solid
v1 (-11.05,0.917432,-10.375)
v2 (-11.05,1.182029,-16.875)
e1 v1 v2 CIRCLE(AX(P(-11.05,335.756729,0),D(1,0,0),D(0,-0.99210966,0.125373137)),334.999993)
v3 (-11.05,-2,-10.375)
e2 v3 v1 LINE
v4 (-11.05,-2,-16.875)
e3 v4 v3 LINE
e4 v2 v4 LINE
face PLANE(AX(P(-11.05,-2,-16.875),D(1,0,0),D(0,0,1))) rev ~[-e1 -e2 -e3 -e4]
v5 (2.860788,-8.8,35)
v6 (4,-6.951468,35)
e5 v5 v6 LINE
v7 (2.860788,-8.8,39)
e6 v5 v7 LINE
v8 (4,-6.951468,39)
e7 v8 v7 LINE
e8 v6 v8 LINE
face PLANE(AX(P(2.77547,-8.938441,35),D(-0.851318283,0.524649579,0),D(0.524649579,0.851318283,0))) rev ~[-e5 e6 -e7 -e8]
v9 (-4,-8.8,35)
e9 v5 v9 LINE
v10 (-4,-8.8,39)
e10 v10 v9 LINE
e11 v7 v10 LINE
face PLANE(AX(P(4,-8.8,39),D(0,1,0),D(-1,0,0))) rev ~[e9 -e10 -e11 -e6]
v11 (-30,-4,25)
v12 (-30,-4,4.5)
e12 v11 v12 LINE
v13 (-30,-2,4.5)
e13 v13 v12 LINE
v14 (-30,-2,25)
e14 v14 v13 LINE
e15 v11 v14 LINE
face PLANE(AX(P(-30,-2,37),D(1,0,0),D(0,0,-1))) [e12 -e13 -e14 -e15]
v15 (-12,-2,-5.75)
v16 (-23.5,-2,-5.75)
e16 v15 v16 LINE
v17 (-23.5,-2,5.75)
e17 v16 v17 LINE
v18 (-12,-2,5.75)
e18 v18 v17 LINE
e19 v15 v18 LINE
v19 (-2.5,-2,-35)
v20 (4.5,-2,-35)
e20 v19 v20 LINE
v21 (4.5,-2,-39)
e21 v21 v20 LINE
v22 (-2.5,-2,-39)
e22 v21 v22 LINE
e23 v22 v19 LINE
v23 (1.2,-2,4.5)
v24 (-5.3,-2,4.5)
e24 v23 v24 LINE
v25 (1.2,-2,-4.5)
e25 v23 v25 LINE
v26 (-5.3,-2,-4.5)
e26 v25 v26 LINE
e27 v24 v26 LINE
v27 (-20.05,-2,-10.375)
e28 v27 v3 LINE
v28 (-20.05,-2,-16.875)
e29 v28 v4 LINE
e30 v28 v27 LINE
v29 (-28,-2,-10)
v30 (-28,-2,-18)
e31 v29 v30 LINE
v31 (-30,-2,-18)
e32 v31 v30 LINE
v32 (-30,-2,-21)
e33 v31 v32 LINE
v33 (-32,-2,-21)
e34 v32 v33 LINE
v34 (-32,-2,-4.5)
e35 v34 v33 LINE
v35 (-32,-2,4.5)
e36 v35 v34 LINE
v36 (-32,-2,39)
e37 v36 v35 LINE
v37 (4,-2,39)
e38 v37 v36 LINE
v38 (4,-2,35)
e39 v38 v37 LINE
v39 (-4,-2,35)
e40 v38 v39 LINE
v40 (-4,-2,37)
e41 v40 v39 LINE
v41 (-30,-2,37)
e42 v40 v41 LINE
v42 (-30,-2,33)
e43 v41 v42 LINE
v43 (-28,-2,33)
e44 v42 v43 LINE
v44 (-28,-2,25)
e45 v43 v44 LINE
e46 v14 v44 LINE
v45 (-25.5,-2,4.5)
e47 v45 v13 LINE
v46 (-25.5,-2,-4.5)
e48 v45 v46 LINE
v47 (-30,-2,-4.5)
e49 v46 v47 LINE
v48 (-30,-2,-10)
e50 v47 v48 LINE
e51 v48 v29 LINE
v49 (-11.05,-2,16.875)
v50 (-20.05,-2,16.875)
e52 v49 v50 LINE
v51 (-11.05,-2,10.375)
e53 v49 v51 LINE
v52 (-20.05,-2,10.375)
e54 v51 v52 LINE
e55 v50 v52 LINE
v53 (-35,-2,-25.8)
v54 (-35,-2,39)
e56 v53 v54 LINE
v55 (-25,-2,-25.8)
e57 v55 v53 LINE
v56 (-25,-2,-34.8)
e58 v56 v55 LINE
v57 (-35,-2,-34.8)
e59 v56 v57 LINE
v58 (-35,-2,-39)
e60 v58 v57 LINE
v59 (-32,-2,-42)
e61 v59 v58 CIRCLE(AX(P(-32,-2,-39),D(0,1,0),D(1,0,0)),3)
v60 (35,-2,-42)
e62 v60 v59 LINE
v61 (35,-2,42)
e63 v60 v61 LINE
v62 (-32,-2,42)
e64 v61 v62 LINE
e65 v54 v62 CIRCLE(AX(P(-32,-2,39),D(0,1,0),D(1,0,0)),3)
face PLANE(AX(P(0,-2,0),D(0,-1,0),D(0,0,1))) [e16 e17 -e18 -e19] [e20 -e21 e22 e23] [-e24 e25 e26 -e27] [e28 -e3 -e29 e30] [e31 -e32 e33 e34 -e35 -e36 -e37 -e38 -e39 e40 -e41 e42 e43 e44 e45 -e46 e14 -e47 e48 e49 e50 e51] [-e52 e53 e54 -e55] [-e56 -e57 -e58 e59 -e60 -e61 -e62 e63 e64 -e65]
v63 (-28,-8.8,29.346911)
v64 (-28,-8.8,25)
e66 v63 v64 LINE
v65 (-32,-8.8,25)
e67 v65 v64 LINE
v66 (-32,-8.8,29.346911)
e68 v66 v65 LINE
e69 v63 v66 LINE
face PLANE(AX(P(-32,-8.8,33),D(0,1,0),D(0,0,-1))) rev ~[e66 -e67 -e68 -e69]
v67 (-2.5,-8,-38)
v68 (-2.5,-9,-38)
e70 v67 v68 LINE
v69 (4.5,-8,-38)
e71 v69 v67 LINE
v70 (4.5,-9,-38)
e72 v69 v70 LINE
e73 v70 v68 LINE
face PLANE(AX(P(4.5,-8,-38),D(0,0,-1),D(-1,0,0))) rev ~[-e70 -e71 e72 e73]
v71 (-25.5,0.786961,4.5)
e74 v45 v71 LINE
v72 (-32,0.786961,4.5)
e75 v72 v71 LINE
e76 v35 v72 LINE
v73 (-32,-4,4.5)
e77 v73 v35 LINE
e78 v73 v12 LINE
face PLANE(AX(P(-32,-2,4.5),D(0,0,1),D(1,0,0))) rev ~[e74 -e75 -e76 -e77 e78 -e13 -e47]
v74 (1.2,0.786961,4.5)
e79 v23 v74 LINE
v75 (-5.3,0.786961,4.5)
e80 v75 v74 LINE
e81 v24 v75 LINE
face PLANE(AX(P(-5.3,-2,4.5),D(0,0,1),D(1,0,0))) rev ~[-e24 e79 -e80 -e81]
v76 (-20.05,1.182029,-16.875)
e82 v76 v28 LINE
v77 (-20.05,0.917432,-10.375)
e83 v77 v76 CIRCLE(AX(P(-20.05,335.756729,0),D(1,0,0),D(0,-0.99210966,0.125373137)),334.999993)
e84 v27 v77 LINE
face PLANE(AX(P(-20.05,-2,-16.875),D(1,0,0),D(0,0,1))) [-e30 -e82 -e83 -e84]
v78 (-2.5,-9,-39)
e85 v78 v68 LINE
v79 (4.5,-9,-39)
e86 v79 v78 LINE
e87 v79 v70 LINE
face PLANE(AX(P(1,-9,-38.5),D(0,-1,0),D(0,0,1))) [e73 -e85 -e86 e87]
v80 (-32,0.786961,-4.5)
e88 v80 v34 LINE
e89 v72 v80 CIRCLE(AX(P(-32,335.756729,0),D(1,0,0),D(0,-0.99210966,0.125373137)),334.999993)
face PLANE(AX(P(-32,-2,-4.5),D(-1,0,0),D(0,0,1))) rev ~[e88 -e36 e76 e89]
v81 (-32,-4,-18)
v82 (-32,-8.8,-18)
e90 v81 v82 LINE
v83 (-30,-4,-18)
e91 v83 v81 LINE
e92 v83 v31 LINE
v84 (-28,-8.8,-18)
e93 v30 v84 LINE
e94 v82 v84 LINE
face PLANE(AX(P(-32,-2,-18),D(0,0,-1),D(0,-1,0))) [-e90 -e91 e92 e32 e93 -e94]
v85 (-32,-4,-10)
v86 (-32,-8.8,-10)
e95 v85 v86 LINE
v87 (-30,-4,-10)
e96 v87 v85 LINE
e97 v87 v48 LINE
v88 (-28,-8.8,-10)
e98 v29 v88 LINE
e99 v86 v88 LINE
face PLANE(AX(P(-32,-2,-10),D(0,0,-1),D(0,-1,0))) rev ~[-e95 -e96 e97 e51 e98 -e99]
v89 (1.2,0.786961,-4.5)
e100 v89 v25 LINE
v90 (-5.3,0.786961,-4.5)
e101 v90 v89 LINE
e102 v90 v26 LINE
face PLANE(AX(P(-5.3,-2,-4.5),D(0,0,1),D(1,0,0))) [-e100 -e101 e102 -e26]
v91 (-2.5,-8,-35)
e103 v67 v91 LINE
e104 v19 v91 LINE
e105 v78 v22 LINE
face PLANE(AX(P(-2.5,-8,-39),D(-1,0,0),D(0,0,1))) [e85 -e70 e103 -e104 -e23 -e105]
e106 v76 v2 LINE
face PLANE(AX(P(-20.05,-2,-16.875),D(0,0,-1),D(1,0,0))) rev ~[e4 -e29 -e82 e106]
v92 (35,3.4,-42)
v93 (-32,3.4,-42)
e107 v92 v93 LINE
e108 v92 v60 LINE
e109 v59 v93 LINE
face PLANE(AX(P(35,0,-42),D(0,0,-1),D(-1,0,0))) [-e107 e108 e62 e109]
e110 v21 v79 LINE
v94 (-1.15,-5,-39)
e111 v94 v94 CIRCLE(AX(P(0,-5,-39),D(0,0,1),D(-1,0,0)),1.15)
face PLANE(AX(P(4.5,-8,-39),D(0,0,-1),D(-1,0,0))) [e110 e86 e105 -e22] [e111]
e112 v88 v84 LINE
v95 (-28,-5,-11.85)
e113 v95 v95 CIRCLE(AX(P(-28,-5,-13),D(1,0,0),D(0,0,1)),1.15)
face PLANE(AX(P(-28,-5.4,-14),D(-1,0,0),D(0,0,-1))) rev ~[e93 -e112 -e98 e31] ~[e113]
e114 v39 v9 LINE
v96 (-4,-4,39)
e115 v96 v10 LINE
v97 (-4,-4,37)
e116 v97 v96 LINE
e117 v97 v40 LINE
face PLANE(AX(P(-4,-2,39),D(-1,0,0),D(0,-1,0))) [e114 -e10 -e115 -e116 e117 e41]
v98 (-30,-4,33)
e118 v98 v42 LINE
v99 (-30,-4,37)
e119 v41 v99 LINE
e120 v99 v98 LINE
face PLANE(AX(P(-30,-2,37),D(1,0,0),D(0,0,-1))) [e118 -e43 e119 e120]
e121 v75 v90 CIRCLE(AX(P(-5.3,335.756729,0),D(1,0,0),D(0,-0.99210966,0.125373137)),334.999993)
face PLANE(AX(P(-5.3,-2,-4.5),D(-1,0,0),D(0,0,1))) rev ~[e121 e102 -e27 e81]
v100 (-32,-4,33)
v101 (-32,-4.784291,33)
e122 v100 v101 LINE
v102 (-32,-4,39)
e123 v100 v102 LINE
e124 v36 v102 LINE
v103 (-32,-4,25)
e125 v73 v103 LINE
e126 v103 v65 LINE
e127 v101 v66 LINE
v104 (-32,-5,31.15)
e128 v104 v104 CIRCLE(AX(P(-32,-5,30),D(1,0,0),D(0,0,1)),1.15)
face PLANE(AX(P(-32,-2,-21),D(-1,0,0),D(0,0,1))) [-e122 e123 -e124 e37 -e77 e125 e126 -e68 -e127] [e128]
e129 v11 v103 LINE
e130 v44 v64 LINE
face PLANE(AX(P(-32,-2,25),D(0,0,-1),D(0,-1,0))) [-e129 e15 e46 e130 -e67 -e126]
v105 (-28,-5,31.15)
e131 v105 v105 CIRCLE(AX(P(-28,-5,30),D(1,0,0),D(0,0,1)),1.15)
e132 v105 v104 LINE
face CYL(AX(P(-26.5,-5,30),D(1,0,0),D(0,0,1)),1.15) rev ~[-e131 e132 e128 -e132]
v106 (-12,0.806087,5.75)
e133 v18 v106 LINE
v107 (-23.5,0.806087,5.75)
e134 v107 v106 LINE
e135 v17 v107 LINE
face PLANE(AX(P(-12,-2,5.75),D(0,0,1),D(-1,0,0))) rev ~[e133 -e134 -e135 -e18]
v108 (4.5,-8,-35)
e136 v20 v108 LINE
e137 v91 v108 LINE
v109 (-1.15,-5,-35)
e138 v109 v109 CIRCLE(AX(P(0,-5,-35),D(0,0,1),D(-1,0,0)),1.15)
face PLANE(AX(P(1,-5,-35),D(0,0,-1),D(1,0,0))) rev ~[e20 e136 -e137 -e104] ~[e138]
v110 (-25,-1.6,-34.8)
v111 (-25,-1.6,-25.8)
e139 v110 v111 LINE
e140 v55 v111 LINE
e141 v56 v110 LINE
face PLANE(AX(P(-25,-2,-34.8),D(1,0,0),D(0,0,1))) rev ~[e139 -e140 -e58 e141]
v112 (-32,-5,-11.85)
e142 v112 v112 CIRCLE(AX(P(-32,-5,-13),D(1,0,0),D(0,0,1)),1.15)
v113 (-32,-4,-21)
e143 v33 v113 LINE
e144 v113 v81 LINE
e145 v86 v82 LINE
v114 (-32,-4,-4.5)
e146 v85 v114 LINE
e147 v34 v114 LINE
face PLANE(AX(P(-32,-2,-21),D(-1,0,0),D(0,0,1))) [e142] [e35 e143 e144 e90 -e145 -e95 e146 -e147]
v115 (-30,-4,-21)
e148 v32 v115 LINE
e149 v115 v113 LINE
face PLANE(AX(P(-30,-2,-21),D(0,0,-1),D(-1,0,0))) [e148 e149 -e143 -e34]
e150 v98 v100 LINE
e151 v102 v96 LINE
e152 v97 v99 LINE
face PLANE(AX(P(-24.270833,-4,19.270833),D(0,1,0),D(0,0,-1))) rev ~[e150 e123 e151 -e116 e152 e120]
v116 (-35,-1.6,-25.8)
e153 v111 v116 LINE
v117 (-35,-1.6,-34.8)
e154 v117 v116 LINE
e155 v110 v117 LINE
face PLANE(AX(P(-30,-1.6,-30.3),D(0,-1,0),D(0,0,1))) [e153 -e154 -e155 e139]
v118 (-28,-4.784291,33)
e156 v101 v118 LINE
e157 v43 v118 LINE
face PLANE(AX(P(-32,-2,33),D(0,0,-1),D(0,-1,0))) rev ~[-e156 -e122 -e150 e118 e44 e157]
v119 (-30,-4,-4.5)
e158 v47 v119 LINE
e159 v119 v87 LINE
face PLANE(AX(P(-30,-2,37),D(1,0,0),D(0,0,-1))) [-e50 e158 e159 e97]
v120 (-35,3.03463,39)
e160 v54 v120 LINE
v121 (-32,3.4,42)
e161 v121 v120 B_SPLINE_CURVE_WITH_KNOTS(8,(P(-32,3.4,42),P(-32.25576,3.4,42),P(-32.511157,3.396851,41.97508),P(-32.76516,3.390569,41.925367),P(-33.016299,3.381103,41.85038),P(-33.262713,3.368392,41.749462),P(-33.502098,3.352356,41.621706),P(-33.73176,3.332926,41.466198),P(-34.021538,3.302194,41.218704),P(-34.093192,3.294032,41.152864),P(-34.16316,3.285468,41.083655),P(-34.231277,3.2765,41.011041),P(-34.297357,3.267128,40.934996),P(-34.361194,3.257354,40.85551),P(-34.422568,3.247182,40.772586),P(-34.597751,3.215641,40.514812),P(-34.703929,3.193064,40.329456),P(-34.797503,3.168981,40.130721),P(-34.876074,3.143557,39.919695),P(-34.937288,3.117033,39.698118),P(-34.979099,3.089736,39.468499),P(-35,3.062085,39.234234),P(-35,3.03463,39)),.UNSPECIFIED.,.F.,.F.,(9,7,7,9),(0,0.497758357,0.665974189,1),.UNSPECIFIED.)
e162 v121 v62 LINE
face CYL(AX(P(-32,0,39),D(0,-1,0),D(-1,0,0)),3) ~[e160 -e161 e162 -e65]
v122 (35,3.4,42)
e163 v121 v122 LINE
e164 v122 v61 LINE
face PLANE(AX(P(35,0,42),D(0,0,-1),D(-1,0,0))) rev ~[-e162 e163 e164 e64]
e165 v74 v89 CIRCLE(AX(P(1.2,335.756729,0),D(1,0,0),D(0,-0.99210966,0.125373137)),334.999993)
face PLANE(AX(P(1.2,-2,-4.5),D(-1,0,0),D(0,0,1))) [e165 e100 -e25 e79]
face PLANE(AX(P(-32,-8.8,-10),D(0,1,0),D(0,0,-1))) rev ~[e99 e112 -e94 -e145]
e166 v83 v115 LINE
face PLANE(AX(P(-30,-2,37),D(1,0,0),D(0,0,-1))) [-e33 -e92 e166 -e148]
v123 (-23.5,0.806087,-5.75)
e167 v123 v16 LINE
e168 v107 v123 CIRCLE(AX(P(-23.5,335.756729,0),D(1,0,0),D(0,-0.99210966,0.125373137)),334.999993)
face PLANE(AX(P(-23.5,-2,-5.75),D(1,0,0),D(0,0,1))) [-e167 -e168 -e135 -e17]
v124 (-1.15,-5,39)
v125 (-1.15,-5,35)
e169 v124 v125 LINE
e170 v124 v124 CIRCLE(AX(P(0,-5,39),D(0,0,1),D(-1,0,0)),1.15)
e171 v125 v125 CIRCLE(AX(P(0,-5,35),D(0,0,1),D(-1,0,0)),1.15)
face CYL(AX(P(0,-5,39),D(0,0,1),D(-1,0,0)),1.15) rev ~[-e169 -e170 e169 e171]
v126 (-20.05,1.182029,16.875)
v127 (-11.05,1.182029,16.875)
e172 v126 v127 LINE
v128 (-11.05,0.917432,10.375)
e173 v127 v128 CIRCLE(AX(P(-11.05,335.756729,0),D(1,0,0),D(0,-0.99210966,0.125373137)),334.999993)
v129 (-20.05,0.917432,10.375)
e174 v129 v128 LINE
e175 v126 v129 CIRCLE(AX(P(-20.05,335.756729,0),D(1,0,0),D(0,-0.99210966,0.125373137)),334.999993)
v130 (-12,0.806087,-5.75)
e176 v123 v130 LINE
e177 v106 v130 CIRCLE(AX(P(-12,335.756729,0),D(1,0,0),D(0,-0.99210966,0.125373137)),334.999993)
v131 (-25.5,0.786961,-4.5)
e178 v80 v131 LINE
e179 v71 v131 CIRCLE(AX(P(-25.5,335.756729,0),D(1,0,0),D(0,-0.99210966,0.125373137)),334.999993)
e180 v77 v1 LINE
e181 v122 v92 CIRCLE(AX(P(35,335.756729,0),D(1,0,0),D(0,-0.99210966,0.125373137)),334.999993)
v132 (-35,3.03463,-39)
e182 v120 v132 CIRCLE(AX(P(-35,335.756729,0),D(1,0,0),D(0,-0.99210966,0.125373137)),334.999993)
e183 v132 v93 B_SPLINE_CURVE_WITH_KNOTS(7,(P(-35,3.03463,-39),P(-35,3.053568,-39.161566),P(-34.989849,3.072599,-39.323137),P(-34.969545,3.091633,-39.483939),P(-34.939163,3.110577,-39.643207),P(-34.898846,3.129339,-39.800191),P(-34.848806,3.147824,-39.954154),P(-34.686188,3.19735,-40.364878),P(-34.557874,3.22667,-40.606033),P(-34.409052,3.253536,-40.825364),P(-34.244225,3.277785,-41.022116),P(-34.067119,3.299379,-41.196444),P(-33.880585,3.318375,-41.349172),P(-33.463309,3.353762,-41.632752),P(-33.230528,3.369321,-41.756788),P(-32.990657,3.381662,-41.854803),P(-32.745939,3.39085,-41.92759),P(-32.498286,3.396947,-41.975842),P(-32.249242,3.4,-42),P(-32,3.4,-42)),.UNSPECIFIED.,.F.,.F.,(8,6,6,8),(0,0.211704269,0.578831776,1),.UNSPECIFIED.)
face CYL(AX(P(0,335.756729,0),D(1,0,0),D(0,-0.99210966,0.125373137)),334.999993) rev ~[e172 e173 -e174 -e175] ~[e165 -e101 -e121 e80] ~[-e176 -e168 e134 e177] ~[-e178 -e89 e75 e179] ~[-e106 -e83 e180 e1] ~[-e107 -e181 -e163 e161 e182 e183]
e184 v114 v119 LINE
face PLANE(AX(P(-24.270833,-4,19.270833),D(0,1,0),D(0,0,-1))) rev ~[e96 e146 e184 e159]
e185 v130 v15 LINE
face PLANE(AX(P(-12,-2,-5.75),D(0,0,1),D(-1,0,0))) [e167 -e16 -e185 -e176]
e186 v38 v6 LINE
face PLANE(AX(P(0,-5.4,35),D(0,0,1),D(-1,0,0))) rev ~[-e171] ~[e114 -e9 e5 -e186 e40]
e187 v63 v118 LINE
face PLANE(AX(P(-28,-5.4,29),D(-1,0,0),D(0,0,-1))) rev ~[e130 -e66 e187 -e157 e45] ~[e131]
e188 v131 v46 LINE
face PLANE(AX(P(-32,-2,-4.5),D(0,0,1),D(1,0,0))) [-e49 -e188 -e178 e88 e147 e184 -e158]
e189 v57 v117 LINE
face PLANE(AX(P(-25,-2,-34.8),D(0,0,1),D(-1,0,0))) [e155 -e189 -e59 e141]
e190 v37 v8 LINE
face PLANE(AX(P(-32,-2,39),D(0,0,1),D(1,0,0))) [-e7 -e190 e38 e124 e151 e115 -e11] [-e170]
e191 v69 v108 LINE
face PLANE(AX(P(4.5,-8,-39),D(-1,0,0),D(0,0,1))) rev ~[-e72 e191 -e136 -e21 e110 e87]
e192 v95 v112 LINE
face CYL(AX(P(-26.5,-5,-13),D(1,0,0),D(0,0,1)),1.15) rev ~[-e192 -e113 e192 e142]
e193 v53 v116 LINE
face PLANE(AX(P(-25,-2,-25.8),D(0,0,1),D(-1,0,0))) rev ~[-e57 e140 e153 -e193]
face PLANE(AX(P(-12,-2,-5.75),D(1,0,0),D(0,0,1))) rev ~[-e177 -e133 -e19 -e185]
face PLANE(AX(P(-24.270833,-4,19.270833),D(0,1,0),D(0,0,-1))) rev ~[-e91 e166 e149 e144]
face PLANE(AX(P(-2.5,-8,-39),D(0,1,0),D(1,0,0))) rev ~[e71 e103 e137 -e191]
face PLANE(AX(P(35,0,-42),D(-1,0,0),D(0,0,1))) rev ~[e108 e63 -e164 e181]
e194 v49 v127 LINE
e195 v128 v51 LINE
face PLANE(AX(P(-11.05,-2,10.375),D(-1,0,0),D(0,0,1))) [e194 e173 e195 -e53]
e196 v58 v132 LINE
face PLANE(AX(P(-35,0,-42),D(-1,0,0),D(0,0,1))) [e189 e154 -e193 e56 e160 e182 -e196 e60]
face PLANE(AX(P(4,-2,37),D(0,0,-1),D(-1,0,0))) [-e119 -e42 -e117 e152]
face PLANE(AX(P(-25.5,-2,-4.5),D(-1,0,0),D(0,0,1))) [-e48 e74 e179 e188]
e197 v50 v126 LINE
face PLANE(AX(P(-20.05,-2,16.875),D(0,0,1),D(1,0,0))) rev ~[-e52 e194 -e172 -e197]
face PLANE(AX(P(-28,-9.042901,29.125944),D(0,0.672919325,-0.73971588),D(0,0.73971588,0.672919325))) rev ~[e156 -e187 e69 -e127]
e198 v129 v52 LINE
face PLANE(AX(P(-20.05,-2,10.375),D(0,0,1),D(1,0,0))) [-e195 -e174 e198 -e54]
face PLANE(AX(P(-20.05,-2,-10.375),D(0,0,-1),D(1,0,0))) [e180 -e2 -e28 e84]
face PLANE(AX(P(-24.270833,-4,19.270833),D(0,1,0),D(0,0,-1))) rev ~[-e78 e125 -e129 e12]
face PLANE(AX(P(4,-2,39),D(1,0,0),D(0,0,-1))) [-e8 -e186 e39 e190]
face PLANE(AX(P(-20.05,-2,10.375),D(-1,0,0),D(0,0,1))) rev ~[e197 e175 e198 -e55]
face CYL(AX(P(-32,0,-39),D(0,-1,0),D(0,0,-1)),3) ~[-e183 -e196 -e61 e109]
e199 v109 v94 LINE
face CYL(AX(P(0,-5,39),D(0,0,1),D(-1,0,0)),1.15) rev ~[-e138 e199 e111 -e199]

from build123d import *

# Parameters (mm, degrees)
SKETCH009_W             = 84
SKETCH009_H             = 70
PAD002_DEPTH            = 2
SKETCH010_W             = 2
SKETCH010_H             = 7
PAD003_DEPTH            = 2
SKETCH012_W             = 8
SKETCH012_H             = 6.8
PAD004_DEPTH            = 4
SKETCH013_W             = 7
SKETCH013_H             = 6
PAD005_DEPTH            = 4
SKETCH011_W             = 8
SKETCH011_H             = 6.8
PAD006_DEPTH            = 4
SKETCH014_R             = 1.15
POCKET002_DEPTH         = 81.001
SKETCH016_R             = 1.15
POCKET003_DEPTH         = 8.501
SKETCH018_W             = 11.5
SKETCH018_H             = 11.5
POCKET004_DEPTH         = 5
POCKET005_DEPTH         = 5
POCKET006_DEPTH         = 5
SKETCH021_W             = 1
SKETCH021_H             = 7
PAD007_DEPTH            = 1
SKETCH022_W             = 9
SKETCH022_H             = 10
POCKET007_DEPTH         = 0.4
FILLET_R                = 3
BODY002_PITCH_ANGLE     = -90
BODY002_PLACEMENT_ANGLE = 90
PAD001_DEPTH            = 35
SKETCH007_W             = 11.5
SKETCH007_H             = 11.5
POCKET001_DEPTH         = 13
FILLET001_R             = 3
SKETCH025_W             = 6.5
SKETCH025_H             = 9
SKETCH025_W_2           = 9
SKETCH025_H_2           = 6.5
POCKET008_DEPTH         = 8


with BuildPart() as back:
    # Sketch009 → Pad002 (new body)
    with BuildSketch(Plane.XY):
        Rectangle(SKETCH009_W, SKETCH009_H)
    extrude(amount=PAD002_DEPTH)

    # Sketch010 (on Face6 of Pad002) → Pad003 (join)
    with BuildSketch(Plane.XY.offset(2)):
        with Locations((-38, -1)):
            Rectangle(SKETCH010_W, SKETCH010_H)
        Polygon((-21, 32), (39, 32), (39, -4), (37, -4), (37, 30), (-21, 30), align=None)
    extrude(amount=PAD003_DEPTH)

    # Sketch012 (on Face15 of Pad003) → Pad004 (join)
    with BuildSketch(Plane.YZ.offset(39)):
        with Locations((0, 5.4)):
            Rectangle(SKETCH012_W, SKETCH012_H)
    extrude(amount=-PAD004_DEPTH)

    # Sketch013 (on Face9 of Pad004) → Pad005 (join)
    with BuildSketch(Plane(origin=(-39, 0, 0), x_dir=(0, -1, 0), z_dir=(-1, 0, 0))):
        with Locations((1, 5)):
            Rectangle(SKETCH013_W, SKETCH013_H)
    extrude(amount=-PAD005_DEPTH)

    # Sketch011 (on Face16 of Pad003) → Pad006 (join)
    with BuildSketch(Plane(origin=(0, 32, 0), x_dir=(-1, 0, 0), z_dir=(0, 1, 0))):
        with Locations((-29, 5.4)):
            Rectangle(SKETCH011_W, SKETCH011_H)
        with Locations((14, 5.4)):
            Rectangle(SKETCH011_W, SKETCH011_H)
    extrude(amount=-PAD006_DEPTH)

    # Sketch014 (on Face44 of Pad006) → Pocket002 (cut, through all)
    with BuildSketch(Plane.YZ.offset(39)):
        with Locations((0, 5)):
            Circle(SKETCH014_R)
    extrude(amount=-POCKET002_DEPTH, mode=Mode.SUBTRACT)

    # Sketch016 → Pocket003 (cut, through all)
    with BuildSketch(Plane.XZ.offset(-26.5)):
        with Locations((-13, 5)):
            Circle(SKETCH016_R)
        with Locations((30, 5)):
            Circle(SKETCH016_R)
    extrude(amount=-POCKET003_DEPTH, mode=Mode.SUBTRACT)

    # Sketch018 (on Face5 of Pocket003) → Pocket004 (cut)
    with BuildSketch(Plane.XY.offset(2)):
        with Locations((0, 17.75)):
            Rectangle(SKETCH018_W, SKETCH018_H)
    extrude(amount=-POCKET004_DEPTH, mode=Mode.SUBTRACT)

    # Sketch019 (on Face31 of Pocket004) → Pocket005 (cut)
    with BuildSketch(Plane.XZ.offset(-28)):
        Polygon((29.125944, 9.042901), (33.258869, 4.499726), (33.258869, 9.042901), align=None)
    extrude(amount=-POCKET005_DEPTH, mode=Mode.SUBTRACT)

    # Sketch020 (on Face36 of Pocket005) → Pocket006 (cut)
    with BuildSketch(Plane(origin=(35, 0, 0), x_dir=(0, -1, 0), z_dir=(-1, 0, 0))):
        Polygon((2.77547, 8.938441), (6.386171, 3.079567), (6.386171, 8.938441), align=None)
    extrude(amount=-POCKET006_DEPTH, mode=Mode.SUBTRACT)

    # Sketch021 (on Face40 of Pocket006) → Pad007 (join)
    with BuildSketch(Plane.XY.offset(8)):
        with Locations((-38.5, -1)):
            Rectangle(SKETCH021_W, SKETCH021_H)
    extrude(amount=PAD007_DEPTH)

    # Sketch022 (on Face5 of Pocket005) → Pocket007 (cut)
    with BuildSketch(Plane.XY.offset(2)):
        with Locations((-30.3, 30)):
            Rectangle(SKETCH022_W, SKETCH022_H)
    extrude(amount=-POCKET007_DEPTH, mode=Mode.SUBTRACT)

    # Fillet
    fillet_edges = [back.edges().sort_by_distance(p)[0] for p in [
        (42, 35, 1),
        (-42, 35, 1),
    ]]
    fillet(fillet_edges, radius=FILLET_R)


with BuildPart() as back_1:
    # Body002 pitch: moved
    add(back.part.rotate(Axis((0, 0, 0), (0, 1, 0)), BODY002_PITCH_ANGLE))


with BuildPart() as back_2:
    # Body002 placement: moved
    add(back_1.part.rotate(Axis((0, 0, 0), (0, 0, 1)), BODY002_PLACEMENT_ANGLE))


with BuildPart() as curve:
    # Sketch006 → Pad001 (new body, symmetric)
    with BuildSketch(Plane(origin=(0, 0, 0), x_dir=(0, 0, -1), z_dir=(1, 0, 0))):
        with BuildLine():
            ThreePointArc((-42, 3.4), (0, 0.756736), (42, 3.4))
            Line((42, -0.1), (42, 3.4))
            Line((-42, -0.1), (42, -0.1))
            Line((-42, 3.4), (-42, -0.1))
        make_face()
    extrude(amount=PAD001_DEPTH, both=True)

    # Sketch007 (on Face3 of Pad001) → Pocket001 (cut)
    with BuildSketch(Plane.XZ.offset(0.1)):
        with Locations((-17.75, 0)):
            Rectangle(SKETCH007_W, SKETCH007_H)
    extrude(amount=-POCKET001_DEPTH, mode=Mode.SUBTRACT)

    # Fillet001
    fillet001_edges = [curve.edges().sort_by_distance(p)[0] for p in [
        (-35, 1.65, -42),
        (-35, 1.65, 42),
    ]]
    fillet(fillet001_edges, radius=FILLET001_R)

    # Boolean: union Back
    add(back_2.part)

    # Sketch025 (on Face32 of Boolean) → Pocket008 (cut, symmetric)
    with BuildSketch(Plane.XZ.offset(2)):
        with Locations((-28.75, 0)):
            Rectangle(SKETCH025_W, SKETCH025_H)
        with Locations((-15.55, 13.625)):
            Rectangle(SKETCH025_W_2, SKETCH025_H_2)
        with Locations((-2.05, 0)):
            Rectangle(SKETCH025_W, SKETCH025_H)
        with Locations((-15.55, -13.625)):
            Rectangle(SKETCH025_W_2, SKETCH025_H_2)
    extrude(amount=POCKET008_DEPTH, both=True, mode=Mode.SUBTRACT)


solid = curve.part
